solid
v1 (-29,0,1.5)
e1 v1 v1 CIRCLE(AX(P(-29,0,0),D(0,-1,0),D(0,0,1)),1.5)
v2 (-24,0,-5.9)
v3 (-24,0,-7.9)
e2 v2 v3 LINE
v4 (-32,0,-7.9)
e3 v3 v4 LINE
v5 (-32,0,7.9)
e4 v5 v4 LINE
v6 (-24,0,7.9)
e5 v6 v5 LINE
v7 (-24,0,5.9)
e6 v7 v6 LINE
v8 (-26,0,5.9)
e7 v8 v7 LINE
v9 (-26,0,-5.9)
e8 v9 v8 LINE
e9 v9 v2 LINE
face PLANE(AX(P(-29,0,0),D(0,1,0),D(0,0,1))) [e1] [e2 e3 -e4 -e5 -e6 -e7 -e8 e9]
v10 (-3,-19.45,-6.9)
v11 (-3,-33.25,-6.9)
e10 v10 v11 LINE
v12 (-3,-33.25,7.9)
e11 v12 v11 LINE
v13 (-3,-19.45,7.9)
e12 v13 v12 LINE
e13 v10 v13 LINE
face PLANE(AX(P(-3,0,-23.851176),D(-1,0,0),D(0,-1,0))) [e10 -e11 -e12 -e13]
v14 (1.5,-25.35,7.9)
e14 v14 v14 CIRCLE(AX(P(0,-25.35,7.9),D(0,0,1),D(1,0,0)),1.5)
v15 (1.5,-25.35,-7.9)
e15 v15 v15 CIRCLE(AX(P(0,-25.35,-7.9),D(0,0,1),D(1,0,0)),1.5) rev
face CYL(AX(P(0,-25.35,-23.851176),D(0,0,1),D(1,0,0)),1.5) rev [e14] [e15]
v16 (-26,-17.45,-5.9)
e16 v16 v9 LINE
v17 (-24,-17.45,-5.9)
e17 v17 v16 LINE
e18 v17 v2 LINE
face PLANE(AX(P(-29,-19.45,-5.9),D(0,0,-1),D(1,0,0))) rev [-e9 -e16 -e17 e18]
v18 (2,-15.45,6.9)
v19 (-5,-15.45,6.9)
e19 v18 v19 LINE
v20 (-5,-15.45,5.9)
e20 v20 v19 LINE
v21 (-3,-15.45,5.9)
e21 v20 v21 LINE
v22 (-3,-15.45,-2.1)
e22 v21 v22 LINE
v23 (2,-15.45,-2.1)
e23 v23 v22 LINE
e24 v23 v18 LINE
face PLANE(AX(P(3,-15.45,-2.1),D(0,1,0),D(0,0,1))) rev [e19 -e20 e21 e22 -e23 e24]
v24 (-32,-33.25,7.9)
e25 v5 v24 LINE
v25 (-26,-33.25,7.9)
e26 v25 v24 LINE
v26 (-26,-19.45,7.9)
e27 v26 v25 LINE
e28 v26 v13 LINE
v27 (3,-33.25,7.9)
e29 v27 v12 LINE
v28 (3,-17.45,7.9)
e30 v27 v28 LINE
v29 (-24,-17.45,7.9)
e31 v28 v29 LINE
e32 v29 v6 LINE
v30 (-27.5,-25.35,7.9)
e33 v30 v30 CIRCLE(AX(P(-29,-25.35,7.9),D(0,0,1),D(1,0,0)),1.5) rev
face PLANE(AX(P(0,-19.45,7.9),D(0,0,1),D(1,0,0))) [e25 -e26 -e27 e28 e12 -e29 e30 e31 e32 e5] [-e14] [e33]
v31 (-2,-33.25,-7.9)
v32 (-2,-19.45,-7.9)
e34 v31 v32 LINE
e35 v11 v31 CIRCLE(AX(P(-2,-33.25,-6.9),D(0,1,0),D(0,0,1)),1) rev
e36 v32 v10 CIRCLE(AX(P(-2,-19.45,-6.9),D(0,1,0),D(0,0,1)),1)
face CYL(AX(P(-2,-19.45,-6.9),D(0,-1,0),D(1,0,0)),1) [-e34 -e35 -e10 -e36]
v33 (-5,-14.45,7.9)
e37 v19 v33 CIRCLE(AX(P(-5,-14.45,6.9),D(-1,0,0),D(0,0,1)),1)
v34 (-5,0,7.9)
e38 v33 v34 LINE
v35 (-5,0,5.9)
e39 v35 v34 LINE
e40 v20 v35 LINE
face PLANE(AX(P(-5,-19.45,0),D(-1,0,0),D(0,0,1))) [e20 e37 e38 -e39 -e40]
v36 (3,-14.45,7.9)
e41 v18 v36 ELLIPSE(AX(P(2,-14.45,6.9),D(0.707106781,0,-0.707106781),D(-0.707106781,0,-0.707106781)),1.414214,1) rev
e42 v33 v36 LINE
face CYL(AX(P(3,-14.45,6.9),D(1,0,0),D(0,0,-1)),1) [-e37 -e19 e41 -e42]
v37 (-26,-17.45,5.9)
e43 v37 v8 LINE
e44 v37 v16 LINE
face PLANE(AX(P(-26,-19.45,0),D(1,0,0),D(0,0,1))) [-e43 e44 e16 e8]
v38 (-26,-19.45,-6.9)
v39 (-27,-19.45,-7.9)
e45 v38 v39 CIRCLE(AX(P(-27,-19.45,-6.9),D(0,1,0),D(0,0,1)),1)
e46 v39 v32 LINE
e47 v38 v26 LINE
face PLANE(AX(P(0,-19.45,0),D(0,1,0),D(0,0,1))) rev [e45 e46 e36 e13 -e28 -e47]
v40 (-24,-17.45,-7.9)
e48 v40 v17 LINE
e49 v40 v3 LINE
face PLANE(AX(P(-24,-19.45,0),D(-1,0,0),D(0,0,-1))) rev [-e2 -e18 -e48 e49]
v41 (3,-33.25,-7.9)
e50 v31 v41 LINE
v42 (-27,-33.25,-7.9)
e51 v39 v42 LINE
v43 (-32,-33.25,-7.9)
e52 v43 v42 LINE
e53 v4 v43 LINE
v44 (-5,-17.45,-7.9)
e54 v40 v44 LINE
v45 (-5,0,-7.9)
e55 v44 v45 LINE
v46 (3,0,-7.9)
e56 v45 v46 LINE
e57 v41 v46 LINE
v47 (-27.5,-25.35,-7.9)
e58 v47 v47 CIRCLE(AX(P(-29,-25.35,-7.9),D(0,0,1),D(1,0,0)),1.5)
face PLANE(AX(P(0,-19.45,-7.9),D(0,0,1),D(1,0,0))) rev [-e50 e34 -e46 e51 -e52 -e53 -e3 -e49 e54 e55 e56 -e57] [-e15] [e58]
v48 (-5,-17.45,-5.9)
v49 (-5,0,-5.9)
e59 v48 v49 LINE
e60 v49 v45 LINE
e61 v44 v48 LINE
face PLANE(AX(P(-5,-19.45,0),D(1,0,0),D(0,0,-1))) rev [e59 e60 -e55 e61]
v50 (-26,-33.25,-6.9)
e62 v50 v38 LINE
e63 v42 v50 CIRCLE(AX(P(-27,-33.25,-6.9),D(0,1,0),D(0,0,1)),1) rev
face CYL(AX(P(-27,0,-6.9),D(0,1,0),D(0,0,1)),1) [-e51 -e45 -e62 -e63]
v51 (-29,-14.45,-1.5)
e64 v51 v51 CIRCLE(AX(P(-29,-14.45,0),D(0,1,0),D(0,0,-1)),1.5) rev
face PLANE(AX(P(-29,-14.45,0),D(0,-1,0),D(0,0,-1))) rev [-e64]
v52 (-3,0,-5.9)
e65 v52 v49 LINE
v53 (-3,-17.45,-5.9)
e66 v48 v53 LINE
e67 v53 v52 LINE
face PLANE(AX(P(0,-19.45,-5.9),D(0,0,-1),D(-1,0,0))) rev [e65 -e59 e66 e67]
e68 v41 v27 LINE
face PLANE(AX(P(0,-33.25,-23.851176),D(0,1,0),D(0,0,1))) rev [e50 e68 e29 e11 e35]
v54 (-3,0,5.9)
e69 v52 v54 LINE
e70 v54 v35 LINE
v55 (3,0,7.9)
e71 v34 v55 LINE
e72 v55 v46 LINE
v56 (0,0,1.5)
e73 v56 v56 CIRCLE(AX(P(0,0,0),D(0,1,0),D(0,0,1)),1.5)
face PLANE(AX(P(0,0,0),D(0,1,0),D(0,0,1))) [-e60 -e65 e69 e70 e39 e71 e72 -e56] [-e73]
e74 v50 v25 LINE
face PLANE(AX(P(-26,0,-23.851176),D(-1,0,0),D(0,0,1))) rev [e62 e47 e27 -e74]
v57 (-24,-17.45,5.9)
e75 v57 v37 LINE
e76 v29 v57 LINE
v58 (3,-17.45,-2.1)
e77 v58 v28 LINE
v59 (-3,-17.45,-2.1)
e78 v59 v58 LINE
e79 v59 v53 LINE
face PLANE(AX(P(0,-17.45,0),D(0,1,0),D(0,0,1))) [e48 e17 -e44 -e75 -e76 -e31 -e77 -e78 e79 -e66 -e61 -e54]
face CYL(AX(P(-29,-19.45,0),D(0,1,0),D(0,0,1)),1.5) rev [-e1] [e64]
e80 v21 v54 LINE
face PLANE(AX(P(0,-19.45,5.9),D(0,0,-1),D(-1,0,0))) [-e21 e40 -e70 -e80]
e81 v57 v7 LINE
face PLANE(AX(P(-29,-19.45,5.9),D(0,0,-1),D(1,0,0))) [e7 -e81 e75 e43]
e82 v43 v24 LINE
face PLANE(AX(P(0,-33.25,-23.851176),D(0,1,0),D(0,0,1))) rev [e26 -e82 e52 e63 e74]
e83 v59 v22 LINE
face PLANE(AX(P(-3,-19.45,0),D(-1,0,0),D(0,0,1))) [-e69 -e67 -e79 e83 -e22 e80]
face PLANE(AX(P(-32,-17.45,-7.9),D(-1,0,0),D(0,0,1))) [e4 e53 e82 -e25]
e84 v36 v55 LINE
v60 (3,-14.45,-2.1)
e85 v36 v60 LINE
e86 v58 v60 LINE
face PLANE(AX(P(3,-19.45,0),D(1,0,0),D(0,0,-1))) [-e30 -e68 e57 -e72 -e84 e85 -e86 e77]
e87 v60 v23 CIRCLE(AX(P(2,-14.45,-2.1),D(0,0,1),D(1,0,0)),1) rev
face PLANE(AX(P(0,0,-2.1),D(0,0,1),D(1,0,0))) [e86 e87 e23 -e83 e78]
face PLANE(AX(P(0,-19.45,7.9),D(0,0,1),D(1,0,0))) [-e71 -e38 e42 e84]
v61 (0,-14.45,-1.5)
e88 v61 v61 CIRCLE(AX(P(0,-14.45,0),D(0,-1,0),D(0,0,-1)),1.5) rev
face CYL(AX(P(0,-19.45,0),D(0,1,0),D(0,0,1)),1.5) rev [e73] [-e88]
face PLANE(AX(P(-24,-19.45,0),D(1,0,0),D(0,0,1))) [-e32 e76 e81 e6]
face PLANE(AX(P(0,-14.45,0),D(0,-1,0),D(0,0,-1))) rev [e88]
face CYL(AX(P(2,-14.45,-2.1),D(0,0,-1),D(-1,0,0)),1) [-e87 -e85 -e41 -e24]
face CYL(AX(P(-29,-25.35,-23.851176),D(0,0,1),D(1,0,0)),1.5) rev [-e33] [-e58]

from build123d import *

# Parameters (mm, degrees)
SKETCH1_R           = 1.5
BOSS_EXTRUDE1_DEPTH = 19.45
BOSS_EXTRUDE2_START = -5
SKETCH2_R           = 1.5
BOSS_EXTRUDE2_DEPTH = 5
SKETCH5_W           = 35
SKETCH5_H           = 15.8
BOSS_EXTRUDE3_DEPTH = 2
SKETCH6_R           = 1.5
BOSS_EXTRUDE4_DEPTH = 15.8
SKETCH7_W           = 19
SKETCH7_H           = 2
BOSS_EXTRUDE5_DEPTH = 15.8
SKETCH8_W           = 8
SKETCH8_H           = 2
CUT_EXTRUDE1_DEPTH  = 10
FILLET1_R           = 1
SKETCH9_W           = 23
SKETCH9_H           = 2
CUT_EXTRUDE2_DEPTH  = 44
FILLET2_R           = 1


with BuildPart() as part:
    # Sketch1 → Boss-Extrude1 (new body)
    with BuildSketch(Plane(origin=(0, 0, 0), x_dir=(1, 0, 0), z_dir=(0, 1, 0))):
        Polygon((-5, 7.9), (3, 7.9), (3, 5.9), (3, -5.9), (3, -7.9), (-5, -7.9), (-5, -5.9), (-3, -5.9), (-3, 5.9), (-5, 5.9), align=None)
        with Locations(Location((0, 0, 0), (0, 0, 270))):
            Circle(SKETCH1_R, mode=Mode.SUBTRACT)
    extrude(amount=-BOSS_EXTRUDE1_DEPTH)

    # Sketch2 → Boss-Extrude2 (add)
    with BuildSketch(Plane.XZ.offset(19.45).offset(BOSS_EXTRUDE2_START)):
        with Locations(Location((0, 0, 0), (0, 0, 90))):
            Circle(SKETCH2_R)
    extrude(amount=BOSS_EXTRUDE2_DEPTH)


with BuildPart() as body_2:
    # Mirror2: mirrored copy
    add(part.part.mirror(Plane.ZY.offset(14.5)))


with BuildPart() as part_1:
    add(part.part)

    add(body_2.part)  # Boss-Extrude3 merges body 2
    # Sketch5 → Boss-Extrude3 (add)
    with BuildSketch(Plane.XZ.offset(19.45)):
        with Locations((-14.5, 0)):
            Rectangle(SKETCH5_W, SKETCH5_H)
    extrude(amount=-BOSS_EXTRUDE3_DEPTH)

    # Sketch6 → Boss-Extrude4 (add)
    # profile 1 of 2: a face of its own
    with BuildSketch(Plane.XY.offset(7.9)):
        Polygon((-26, -31.25), (-26, -19.45), (-32, -19.45), (-32, -31.25), (-32, -33.25), (-24, -33.25), (-24, -31.25), align=None)
        with Locations((-29, -25.35)):
            Circle(SKETCH6_R, mode=Mode.SUBTRACT)
    # profile 2 of 2: a face of its own
    with BuildSketch(Plane.XY.offset(7.9)):
        Polygon((-3, -19.45), (-3, -31.25), (-5, -31.25), (-5, -33.25), (3, -33.25), (3, -31.25), (3, -19.45), align=None)
        with Locations((0, -25.35)):
            Circle(SKETCH6_R, mode=Mode.SUBTRACT)
    extrude(amount=-BOSS_EXTRUDE4_DEPTH)

    # Sketch7 → Boss-Extrude5 (add)
    with BuildSketch(Plane.XY.offset(7.9)):
        with Locations((-14.5, -32.25)):
            Rectangle(SKETCH7_W, SKETCH7_H)
    extrude(amount=-BOSS_EXTRUDE5_DEPTH)

    # Sketch8 → Cut-Extrude1 (cut)
    with BuildSketch(Plane.XY.offset(7.9)):
        with Locations((-1, -16.45)):
            Rectangle(SKETCH8_W, SKETCH8_H)
    extrude(amount=-CUT_EXTRUDE1_DEPTH, mode=Mode.SUBTRACT)

    # Fillet1
    fillet1_edges = [part_1.edges().sort_by_distance(p)[0] for p in [
        (3, -15.45, 2.9),
        (-1, -15.45, 7.9),
    ]]
    fillet(fillet1_edges, radius=FILLET1_R)

    # Sketch9 → Cut-Extrude2 (cut)
    with BuildSketch(Plane.XY.offset(7.9)):
        with Locations((-14.5, -32.25)):
            Rectangle(SKETCH9_W, SKETCH9_H)
    extrude(amount=-CUT_EXTRUDE2_DEPTH, mode=Mode.SUBTRACT)

    # Fillet2
    fillet2_edges = [part_1.edges().sort_by_distance(p)[0] for p in [
        (-26, -26.35, -7.9),
        (-3, -26.35, -7.9),
    ]]
    fillet(fillet2_edges, radius=FILLET2_R)


solid = part_1.part
